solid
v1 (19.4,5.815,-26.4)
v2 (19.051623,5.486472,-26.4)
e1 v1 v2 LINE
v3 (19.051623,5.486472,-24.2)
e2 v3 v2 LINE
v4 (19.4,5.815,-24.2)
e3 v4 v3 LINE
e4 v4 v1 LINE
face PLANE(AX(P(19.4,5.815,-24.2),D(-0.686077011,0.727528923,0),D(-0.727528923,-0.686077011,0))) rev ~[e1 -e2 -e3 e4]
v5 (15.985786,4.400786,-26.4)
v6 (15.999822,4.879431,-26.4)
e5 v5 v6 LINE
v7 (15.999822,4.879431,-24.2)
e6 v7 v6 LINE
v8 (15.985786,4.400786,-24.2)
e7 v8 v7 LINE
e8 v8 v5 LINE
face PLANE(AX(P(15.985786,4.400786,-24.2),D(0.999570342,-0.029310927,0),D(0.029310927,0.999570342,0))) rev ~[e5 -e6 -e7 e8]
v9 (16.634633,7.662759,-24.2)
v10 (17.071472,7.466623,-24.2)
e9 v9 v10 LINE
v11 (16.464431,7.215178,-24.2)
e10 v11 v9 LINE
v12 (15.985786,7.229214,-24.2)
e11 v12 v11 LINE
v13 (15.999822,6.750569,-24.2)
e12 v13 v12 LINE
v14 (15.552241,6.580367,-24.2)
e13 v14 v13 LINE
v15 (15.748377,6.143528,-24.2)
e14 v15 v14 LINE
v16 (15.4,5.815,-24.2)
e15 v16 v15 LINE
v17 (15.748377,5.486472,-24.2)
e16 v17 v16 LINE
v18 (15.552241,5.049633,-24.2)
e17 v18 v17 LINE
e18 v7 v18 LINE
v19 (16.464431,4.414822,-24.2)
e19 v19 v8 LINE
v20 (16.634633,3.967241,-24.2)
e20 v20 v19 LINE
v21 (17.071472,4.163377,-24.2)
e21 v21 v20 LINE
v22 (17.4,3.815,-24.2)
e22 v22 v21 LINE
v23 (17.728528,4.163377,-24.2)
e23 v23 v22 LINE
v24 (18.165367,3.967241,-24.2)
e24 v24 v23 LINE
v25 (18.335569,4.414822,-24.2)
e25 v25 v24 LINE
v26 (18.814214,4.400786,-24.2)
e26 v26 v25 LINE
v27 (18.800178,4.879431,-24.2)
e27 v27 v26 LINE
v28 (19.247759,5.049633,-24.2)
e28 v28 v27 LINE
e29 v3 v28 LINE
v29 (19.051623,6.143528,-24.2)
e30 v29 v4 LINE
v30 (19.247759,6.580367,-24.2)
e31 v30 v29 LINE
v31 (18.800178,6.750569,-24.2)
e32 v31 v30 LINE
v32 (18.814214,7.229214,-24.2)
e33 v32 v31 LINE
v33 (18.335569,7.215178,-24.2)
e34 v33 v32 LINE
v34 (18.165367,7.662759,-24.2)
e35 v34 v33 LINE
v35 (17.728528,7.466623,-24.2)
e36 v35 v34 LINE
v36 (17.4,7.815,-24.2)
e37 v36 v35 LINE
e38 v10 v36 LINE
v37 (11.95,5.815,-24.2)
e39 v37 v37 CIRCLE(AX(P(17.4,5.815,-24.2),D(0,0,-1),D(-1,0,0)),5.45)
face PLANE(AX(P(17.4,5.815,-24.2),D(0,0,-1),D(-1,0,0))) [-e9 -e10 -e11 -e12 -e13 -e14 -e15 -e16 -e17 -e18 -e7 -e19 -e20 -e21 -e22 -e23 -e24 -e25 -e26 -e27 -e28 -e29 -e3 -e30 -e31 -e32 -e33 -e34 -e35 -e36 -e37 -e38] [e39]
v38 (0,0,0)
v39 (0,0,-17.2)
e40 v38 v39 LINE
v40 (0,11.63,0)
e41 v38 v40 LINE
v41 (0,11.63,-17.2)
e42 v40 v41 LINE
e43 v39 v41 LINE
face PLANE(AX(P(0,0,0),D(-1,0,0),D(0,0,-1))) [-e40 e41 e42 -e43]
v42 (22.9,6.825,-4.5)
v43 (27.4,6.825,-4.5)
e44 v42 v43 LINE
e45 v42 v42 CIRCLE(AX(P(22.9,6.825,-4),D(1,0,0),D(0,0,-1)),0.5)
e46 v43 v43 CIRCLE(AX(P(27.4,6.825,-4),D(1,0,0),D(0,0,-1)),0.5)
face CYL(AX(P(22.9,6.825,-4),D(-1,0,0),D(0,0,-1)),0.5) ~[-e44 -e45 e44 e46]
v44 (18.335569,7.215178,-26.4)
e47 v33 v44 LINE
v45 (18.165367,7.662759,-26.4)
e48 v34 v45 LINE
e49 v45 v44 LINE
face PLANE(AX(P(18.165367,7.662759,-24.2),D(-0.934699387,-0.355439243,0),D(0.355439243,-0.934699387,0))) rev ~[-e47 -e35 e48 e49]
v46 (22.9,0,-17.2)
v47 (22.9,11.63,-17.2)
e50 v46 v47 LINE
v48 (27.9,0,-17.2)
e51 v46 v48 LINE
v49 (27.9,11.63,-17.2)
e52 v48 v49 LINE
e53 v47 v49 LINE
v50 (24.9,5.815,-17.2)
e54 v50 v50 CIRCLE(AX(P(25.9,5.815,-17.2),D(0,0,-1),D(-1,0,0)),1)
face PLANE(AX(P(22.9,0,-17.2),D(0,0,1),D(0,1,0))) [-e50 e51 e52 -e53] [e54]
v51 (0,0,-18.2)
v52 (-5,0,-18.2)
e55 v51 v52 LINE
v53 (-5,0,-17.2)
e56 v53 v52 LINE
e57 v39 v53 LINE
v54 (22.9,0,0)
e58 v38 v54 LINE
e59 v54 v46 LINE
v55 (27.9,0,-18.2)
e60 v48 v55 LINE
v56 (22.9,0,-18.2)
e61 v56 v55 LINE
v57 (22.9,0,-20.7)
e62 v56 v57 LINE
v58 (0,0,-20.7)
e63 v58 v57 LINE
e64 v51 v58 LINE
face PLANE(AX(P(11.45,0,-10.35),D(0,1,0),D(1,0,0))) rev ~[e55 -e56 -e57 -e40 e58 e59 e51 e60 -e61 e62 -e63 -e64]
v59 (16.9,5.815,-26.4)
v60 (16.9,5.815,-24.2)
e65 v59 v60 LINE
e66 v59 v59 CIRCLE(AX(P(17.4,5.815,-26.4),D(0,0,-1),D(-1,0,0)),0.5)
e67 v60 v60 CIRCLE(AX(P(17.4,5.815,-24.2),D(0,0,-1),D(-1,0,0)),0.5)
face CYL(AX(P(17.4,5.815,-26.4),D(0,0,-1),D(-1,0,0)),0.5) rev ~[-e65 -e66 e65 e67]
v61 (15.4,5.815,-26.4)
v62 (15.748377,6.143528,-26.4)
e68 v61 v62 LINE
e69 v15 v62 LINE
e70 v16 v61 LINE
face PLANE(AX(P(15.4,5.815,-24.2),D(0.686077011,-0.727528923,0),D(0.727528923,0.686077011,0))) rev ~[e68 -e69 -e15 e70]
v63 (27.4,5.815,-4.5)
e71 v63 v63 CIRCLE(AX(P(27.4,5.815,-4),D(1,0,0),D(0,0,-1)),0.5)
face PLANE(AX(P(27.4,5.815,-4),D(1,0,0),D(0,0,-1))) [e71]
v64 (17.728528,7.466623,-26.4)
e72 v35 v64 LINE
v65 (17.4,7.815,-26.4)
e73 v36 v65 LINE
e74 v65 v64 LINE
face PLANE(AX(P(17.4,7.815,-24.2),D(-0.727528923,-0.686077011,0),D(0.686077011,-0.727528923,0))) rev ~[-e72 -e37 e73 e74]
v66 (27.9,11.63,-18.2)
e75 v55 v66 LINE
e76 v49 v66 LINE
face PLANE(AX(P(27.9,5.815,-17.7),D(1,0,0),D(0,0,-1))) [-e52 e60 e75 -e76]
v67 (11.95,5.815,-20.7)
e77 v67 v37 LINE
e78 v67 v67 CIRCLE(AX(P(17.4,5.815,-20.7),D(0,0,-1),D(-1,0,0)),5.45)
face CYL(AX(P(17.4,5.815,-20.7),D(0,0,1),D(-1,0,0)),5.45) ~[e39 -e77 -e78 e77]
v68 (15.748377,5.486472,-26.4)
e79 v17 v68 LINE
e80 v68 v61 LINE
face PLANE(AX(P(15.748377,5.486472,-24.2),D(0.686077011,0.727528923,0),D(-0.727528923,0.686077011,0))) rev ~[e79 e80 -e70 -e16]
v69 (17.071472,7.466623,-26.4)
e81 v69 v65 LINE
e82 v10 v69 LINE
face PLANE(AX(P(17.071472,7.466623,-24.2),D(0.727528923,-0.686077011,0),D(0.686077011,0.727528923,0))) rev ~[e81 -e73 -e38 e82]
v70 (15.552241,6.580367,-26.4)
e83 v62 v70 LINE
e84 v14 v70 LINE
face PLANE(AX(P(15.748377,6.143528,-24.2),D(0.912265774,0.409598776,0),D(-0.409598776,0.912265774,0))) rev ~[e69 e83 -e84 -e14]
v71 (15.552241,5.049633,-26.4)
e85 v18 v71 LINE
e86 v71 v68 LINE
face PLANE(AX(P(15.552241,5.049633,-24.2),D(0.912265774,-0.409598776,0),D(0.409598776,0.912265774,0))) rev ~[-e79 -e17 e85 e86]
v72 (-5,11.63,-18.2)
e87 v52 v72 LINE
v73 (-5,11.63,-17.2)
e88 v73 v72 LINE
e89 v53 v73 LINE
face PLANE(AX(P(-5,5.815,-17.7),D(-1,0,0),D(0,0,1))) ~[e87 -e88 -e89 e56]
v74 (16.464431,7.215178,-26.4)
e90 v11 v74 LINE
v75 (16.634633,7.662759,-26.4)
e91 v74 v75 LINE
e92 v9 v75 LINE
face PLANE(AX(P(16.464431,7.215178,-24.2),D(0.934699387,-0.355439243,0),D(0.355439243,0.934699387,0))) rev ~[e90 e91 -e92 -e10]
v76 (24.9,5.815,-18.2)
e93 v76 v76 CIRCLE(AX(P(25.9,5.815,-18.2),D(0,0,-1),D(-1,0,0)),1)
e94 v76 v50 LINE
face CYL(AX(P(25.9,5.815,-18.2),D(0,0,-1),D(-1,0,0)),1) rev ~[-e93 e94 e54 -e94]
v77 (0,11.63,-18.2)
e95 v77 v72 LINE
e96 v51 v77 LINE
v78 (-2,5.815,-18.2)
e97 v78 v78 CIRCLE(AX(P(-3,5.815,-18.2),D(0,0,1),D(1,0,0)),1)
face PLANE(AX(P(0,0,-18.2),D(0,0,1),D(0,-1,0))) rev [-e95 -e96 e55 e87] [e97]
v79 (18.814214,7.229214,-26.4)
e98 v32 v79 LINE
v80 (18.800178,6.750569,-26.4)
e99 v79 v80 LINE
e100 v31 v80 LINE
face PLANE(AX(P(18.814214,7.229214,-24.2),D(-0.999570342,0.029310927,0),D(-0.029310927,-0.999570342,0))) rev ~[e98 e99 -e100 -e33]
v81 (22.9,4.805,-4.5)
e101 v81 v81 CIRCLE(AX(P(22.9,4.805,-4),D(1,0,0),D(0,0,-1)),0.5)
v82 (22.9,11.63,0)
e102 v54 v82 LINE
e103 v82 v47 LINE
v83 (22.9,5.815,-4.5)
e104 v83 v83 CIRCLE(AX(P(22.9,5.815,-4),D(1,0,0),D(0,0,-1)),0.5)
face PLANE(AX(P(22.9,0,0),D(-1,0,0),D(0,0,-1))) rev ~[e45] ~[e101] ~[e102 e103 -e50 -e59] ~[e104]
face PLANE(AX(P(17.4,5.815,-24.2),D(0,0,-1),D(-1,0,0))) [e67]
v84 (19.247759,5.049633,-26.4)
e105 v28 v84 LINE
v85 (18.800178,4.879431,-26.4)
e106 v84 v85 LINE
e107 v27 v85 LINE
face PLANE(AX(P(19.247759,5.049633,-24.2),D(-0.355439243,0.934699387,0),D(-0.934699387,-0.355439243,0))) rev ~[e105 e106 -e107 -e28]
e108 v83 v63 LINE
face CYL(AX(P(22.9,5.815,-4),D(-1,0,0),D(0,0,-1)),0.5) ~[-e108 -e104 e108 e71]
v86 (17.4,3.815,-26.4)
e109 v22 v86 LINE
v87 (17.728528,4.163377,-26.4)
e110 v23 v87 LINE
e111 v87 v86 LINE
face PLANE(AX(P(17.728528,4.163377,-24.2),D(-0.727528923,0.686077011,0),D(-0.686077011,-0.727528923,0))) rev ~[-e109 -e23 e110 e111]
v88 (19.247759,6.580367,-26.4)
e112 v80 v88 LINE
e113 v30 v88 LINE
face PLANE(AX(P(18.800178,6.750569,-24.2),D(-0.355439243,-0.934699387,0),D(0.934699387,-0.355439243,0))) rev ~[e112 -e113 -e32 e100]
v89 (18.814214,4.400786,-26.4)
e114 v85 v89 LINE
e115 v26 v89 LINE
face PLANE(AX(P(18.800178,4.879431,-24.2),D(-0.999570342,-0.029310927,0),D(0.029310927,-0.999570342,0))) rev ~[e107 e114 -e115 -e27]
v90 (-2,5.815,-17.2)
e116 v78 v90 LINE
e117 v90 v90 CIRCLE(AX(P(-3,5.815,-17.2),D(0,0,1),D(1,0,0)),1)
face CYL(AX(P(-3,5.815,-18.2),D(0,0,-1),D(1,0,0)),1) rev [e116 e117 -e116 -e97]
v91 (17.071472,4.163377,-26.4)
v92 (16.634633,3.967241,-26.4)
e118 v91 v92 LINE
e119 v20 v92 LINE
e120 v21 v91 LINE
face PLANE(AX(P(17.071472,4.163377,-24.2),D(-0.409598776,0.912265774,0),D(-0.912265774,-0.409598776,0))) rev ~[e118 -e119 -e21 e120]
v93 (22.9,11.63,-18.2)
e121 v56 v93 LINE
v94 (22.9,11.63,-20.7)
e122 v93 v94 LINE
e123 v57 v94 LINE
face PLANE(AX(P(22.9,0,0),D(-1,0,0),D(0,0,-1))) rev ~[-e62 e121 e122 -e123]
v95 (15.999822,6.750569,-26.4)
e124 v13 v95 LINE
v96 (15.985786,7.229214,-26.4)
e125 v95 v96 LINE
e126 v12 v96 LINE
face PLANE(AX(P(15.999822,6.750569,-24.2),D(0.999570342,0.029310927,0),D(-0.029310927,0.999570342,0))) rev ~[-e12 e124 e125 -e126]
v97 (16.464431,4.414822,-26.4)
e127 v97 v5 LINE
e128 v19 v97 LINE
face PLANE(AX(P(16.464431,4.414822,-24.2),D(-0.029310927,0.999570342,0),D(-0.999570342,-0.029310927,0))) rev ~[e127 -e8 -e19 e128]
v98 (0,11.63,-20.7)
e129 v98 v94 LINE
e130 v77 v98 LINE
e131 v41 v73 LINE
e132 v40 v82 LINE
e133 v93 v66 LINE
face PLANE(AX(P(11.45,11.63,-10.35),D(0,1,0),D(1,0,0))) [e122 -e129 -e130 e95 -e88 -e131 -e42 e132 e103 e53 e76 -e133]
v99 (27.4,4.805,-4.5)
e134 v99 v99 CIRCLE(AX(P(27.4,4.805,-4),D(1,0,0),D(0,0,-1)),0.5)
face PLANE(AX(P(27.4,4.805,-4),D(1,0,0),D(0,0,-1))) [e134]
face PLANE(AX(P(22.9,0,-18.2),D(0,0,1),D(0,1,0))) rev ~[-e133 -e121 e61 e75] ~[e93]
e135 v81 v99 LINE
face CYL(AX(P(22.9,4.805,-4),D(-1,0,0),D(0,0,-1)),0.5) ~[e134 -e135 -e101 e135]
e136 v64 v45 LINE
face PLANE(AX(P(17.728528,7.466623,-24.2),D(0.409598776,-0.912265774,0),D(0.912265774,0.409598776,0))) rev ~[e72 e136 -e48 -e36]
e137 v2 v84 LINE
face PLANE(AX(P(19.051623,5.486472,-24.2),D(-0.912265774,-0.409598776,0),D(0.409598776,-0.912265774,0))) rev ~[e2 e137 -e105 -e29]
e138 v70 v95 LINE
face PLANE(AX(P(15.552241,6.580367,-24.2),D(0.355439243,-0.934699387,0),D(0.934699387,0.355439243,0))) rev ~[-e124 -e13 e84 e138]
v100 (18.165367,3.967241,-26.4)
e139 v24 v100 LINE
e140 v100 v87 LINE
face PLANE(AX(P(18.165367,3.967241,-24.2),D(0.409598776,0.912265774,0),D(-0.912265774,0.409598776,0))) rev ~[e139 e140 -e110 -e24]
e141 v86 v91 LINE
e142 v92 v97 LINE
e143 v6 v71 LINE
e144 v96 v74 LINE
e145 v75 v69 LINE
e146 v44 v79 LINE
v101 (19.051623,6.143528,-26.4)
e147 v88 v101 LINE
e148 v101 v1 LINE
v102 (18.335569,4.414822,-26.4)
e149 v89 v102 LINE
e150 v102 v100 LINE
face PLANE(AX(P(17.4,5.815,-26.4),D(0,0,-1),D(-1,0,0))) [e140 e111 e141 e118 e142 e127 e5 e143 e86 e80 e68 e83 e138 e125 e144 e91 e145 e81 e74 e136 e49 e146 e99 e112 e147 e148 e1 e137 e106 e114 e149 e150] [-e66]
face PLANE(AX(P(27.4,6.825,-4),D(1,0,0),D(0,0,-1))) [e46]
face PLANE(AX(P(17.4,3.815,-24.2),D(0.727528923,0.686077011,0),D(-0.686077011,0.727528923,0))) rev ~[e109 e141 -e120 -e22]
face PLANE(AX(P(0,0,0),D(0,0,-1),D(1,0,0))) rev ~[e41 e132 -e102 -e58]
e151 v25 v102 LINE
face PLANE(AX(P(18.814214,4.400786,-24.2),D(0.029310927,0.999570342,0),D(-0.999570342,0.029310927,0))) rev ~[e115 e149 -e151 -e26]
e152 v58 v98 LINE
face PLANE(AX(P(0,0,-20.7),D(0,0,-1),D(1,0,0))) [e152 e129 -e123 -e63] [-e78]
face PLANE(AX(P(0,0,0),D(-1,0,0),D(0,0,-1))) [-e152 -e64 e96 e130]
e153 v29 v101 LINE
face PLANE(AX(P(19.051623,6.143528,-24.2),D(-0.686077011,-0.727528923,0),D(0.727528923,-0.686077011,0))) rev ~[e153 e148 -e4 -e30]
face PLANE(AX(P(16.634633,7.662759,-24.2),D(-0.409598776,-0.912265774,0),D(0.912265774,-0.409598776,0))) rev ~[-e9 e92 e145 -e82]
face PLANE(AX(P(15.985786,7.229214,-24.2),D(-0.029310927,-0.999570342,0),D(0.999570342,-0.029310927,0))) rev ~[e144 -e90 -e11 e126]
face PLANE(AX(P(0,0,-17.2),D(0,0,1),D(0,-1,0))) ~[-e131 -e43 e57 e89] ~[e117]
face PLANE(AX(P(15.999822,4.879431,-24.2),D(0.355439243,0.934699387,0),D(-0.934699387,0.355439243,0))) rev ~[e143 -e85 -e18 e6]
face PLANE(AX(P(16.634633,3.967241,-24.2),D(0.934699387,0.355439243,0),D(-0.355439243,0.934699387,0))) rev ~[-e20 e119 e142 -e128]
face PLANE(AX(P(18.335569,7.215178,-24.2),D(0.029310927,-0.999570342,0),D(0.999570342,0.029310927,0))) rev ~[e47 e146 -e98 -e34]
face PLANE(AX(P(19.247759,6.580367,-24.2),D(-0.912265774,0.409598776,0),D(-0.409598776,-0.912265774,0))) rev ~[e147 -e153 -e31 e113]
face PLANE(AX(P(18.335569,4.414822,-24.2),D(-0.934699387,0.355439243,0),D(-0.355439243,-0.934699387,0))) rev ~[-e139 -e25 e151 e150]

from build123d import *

# Parameters (mm, degrees)
SKETCH1_W            = 22.9
SKETCH1_H            = 20.7
BOSS_EXTRUDE1_DEPTH  = 11.63
SKETCH3_R            = 5.45
BOSS_EXTRUDE2_DEPTH  = 3.5
SKETCH4_W            = 1
SKETCH4_H            = 11.63
BOSS_EXTRUDE3_DEPTH  = 5
SKETCH5_R            = 1
CUT_EXTRUDE1_DEPTH   = 1
BOSS_EXTRUDE4_DEPTH  = 2.2
SKETCH8_R            = 0.5
BOSS_EXTRUDE6_DEPTH  = 4.5
SKETCH10_R           = 0.5
BOSS_EXTRUDE9_DEPTH  = 4.5
SKETCH9_R            = 0.5
BOSS_EXTRUDE10_DEPTH = 4.5
SKETCH13_R           = 0.5
CUT_EXTRUDE2_DEPTH   = 2.2


with BuildPart() as part:
    # Sketch1 → Boss-Extrude1 (new body)
    with BuildSketch(Plane(origin=(0, 0, 0), x_dir=(1, 0, 0), z_dir=(0, 1, 0))):
        with Locations((11.45, 10.35)):
            Rectangle(SKETCH1_W, SKETCH1_H)
    extrude(amount=BOSS_EXTRUDE1_DEPTH)

    # Sketch3 → Boss-Extrude2 (add)
    with BuildSketch(Plane(origin=(0, 0, -20.7), x_dir=(-1, 0, 0), z_dir=(0, 0, -1))):
        with Locations((-17.4, 5.815)):
            Circle(SKETCH3_R)
    extrude(amount=BOSS_EXTRUDE2_DEPTH)

    # Sketch4 → Boss-Extrude3 (add)
    with BuildSketch(Plane(origin=(22.9, 0, 0), x_dir=(0, 0, -1), z_dir=(1, 0, 0))):
        with Locations((17.7, 5.815)):
            Rectangle(SKETCH4_W, SKETCH4_H)
    boss_extrude3 = extrude(amount=BOSS_EXTRUDE3_DEPTH)

    # Sketch5 → Cut-Extrude1 (cut)
    with BuildSketch(Plane(origin=(0, 0, -18.2), x_dir=(-1, 0, 0), z_dir=(0, 0, -1))):
        with Locations((-25.9, 5.815)):
            Circle(SKETCH5_R)
    cut_extrude1 = extrude(amount=-CUT_EXTRUDE1_DEPTH, mode=Mode.SUBTRACT)

    # Mirror1: Boss-Extrude3, Cut-Extrude1 across plane
    add(boss_extrude3.mirror(Plane.ZY.offset(-11.45)))
    add(cut_extrude1.mirror(Plane.ZY.offset(-11.45)), mode=Mode.SUBTRACT)

    # Sketch6 → Boss-Extrude4 (add)
    with BuildSketch(Plane(origin=(0, 0, -24.2), x_dir=(-1, 0, 0), z_dir=(0, 0, -1))):
        Polygon((-17.4, 7.815), (-17.728528158, 7.466622583), (-18.165366865, 7.662759065), (-18.33556904, 7.215178017), (-18.814213562, 7.229213562), (-18.800178017, 6.75056904), (-19.247759065, 6.580366865), (-19.051622583, 6.143528158), (-19.4, 5.815), (-19.051622583, 5.486471842), (-19.247759065, 5.049633135), (-18.800178017, 4.87943096), (-18.814213562, 4.400786438), (-18.33556904, 4.414821983), (-18.165366865, 3.967240935), (-17.728528158, 4.163377417), (-17.4, 3.815), (-17.071471842, 4.163377417), (-16.634633135, 3.967240935), (-16.46443096, 4.414821983), (-15.985786438, 4.400786438), (-15.999821983, 4.87943096), (-15.552240935, 5.049633135), (-15.748377417, 5.486471842), (-15.4, 5.815), (-15.748377417, 6.143528158), (-15.552240935, 6.580366865), (-15.999821983, 6.75056904), (-15.985786438, 7.229213562), (-16.46443096, 7.215178017), (-16.634633135, 7.662759065), (-17.071471842, 7.466622583), align=None)
    extrude(amount=BOSS_EXTRUDE4_DEPTH)

    # Sketch8 → Boss-Extrude6 (add)
    with BuildSketch(Plane(origin=(22.9, 0, 0), x_dir=(0, 0, -1), z_dir=(1, 0, 0))):
        with Locations((4, 5.815)):
            Circle(SKETCH8_R)
    extrude(amount=BOSS_EXTRUDE6_DEPTH)

    # Sketch10 → Boss-Extrude9 (add)
    with BuildSketch(Plane(origin=(22.9, 0, 0), x_dir=(0, 0, -1), z_dir=(1, 0, 0))):
        with Locations((4, 4.805)):
            Circle(SKETCH10_R)
    extrude(amount=BOSS_EXTRUDE9_DEPTH)

    # Sketch9 → Boss-Extrude10 (add)
    with BuildSketch(Plane(origin=(22.9, 0, 0), x_dir=(0, 0, -1), z_dir=(1, 0, 0))):
        with Locations((4, 6.825)):
            Circle(SKETCH9_R)
    extrude(amount=BOSS_EXTRUDE10_DEPTH)

    # Sketch13 → Cut-Extrude2 (cut)
    with BuildSketch(Plane(origin=(0, 0, -26.4), x_dir=(-1, 0, 0), z_dir=(0, 0, -1))):
        with Locations((-17.4, 5.815)):
            Circle(SKETCH13_R)
    extrude(amount=-CUT_EXTRUDE2_DEPTH, mode=Mode.SUBTRACT)


solid = part.part
